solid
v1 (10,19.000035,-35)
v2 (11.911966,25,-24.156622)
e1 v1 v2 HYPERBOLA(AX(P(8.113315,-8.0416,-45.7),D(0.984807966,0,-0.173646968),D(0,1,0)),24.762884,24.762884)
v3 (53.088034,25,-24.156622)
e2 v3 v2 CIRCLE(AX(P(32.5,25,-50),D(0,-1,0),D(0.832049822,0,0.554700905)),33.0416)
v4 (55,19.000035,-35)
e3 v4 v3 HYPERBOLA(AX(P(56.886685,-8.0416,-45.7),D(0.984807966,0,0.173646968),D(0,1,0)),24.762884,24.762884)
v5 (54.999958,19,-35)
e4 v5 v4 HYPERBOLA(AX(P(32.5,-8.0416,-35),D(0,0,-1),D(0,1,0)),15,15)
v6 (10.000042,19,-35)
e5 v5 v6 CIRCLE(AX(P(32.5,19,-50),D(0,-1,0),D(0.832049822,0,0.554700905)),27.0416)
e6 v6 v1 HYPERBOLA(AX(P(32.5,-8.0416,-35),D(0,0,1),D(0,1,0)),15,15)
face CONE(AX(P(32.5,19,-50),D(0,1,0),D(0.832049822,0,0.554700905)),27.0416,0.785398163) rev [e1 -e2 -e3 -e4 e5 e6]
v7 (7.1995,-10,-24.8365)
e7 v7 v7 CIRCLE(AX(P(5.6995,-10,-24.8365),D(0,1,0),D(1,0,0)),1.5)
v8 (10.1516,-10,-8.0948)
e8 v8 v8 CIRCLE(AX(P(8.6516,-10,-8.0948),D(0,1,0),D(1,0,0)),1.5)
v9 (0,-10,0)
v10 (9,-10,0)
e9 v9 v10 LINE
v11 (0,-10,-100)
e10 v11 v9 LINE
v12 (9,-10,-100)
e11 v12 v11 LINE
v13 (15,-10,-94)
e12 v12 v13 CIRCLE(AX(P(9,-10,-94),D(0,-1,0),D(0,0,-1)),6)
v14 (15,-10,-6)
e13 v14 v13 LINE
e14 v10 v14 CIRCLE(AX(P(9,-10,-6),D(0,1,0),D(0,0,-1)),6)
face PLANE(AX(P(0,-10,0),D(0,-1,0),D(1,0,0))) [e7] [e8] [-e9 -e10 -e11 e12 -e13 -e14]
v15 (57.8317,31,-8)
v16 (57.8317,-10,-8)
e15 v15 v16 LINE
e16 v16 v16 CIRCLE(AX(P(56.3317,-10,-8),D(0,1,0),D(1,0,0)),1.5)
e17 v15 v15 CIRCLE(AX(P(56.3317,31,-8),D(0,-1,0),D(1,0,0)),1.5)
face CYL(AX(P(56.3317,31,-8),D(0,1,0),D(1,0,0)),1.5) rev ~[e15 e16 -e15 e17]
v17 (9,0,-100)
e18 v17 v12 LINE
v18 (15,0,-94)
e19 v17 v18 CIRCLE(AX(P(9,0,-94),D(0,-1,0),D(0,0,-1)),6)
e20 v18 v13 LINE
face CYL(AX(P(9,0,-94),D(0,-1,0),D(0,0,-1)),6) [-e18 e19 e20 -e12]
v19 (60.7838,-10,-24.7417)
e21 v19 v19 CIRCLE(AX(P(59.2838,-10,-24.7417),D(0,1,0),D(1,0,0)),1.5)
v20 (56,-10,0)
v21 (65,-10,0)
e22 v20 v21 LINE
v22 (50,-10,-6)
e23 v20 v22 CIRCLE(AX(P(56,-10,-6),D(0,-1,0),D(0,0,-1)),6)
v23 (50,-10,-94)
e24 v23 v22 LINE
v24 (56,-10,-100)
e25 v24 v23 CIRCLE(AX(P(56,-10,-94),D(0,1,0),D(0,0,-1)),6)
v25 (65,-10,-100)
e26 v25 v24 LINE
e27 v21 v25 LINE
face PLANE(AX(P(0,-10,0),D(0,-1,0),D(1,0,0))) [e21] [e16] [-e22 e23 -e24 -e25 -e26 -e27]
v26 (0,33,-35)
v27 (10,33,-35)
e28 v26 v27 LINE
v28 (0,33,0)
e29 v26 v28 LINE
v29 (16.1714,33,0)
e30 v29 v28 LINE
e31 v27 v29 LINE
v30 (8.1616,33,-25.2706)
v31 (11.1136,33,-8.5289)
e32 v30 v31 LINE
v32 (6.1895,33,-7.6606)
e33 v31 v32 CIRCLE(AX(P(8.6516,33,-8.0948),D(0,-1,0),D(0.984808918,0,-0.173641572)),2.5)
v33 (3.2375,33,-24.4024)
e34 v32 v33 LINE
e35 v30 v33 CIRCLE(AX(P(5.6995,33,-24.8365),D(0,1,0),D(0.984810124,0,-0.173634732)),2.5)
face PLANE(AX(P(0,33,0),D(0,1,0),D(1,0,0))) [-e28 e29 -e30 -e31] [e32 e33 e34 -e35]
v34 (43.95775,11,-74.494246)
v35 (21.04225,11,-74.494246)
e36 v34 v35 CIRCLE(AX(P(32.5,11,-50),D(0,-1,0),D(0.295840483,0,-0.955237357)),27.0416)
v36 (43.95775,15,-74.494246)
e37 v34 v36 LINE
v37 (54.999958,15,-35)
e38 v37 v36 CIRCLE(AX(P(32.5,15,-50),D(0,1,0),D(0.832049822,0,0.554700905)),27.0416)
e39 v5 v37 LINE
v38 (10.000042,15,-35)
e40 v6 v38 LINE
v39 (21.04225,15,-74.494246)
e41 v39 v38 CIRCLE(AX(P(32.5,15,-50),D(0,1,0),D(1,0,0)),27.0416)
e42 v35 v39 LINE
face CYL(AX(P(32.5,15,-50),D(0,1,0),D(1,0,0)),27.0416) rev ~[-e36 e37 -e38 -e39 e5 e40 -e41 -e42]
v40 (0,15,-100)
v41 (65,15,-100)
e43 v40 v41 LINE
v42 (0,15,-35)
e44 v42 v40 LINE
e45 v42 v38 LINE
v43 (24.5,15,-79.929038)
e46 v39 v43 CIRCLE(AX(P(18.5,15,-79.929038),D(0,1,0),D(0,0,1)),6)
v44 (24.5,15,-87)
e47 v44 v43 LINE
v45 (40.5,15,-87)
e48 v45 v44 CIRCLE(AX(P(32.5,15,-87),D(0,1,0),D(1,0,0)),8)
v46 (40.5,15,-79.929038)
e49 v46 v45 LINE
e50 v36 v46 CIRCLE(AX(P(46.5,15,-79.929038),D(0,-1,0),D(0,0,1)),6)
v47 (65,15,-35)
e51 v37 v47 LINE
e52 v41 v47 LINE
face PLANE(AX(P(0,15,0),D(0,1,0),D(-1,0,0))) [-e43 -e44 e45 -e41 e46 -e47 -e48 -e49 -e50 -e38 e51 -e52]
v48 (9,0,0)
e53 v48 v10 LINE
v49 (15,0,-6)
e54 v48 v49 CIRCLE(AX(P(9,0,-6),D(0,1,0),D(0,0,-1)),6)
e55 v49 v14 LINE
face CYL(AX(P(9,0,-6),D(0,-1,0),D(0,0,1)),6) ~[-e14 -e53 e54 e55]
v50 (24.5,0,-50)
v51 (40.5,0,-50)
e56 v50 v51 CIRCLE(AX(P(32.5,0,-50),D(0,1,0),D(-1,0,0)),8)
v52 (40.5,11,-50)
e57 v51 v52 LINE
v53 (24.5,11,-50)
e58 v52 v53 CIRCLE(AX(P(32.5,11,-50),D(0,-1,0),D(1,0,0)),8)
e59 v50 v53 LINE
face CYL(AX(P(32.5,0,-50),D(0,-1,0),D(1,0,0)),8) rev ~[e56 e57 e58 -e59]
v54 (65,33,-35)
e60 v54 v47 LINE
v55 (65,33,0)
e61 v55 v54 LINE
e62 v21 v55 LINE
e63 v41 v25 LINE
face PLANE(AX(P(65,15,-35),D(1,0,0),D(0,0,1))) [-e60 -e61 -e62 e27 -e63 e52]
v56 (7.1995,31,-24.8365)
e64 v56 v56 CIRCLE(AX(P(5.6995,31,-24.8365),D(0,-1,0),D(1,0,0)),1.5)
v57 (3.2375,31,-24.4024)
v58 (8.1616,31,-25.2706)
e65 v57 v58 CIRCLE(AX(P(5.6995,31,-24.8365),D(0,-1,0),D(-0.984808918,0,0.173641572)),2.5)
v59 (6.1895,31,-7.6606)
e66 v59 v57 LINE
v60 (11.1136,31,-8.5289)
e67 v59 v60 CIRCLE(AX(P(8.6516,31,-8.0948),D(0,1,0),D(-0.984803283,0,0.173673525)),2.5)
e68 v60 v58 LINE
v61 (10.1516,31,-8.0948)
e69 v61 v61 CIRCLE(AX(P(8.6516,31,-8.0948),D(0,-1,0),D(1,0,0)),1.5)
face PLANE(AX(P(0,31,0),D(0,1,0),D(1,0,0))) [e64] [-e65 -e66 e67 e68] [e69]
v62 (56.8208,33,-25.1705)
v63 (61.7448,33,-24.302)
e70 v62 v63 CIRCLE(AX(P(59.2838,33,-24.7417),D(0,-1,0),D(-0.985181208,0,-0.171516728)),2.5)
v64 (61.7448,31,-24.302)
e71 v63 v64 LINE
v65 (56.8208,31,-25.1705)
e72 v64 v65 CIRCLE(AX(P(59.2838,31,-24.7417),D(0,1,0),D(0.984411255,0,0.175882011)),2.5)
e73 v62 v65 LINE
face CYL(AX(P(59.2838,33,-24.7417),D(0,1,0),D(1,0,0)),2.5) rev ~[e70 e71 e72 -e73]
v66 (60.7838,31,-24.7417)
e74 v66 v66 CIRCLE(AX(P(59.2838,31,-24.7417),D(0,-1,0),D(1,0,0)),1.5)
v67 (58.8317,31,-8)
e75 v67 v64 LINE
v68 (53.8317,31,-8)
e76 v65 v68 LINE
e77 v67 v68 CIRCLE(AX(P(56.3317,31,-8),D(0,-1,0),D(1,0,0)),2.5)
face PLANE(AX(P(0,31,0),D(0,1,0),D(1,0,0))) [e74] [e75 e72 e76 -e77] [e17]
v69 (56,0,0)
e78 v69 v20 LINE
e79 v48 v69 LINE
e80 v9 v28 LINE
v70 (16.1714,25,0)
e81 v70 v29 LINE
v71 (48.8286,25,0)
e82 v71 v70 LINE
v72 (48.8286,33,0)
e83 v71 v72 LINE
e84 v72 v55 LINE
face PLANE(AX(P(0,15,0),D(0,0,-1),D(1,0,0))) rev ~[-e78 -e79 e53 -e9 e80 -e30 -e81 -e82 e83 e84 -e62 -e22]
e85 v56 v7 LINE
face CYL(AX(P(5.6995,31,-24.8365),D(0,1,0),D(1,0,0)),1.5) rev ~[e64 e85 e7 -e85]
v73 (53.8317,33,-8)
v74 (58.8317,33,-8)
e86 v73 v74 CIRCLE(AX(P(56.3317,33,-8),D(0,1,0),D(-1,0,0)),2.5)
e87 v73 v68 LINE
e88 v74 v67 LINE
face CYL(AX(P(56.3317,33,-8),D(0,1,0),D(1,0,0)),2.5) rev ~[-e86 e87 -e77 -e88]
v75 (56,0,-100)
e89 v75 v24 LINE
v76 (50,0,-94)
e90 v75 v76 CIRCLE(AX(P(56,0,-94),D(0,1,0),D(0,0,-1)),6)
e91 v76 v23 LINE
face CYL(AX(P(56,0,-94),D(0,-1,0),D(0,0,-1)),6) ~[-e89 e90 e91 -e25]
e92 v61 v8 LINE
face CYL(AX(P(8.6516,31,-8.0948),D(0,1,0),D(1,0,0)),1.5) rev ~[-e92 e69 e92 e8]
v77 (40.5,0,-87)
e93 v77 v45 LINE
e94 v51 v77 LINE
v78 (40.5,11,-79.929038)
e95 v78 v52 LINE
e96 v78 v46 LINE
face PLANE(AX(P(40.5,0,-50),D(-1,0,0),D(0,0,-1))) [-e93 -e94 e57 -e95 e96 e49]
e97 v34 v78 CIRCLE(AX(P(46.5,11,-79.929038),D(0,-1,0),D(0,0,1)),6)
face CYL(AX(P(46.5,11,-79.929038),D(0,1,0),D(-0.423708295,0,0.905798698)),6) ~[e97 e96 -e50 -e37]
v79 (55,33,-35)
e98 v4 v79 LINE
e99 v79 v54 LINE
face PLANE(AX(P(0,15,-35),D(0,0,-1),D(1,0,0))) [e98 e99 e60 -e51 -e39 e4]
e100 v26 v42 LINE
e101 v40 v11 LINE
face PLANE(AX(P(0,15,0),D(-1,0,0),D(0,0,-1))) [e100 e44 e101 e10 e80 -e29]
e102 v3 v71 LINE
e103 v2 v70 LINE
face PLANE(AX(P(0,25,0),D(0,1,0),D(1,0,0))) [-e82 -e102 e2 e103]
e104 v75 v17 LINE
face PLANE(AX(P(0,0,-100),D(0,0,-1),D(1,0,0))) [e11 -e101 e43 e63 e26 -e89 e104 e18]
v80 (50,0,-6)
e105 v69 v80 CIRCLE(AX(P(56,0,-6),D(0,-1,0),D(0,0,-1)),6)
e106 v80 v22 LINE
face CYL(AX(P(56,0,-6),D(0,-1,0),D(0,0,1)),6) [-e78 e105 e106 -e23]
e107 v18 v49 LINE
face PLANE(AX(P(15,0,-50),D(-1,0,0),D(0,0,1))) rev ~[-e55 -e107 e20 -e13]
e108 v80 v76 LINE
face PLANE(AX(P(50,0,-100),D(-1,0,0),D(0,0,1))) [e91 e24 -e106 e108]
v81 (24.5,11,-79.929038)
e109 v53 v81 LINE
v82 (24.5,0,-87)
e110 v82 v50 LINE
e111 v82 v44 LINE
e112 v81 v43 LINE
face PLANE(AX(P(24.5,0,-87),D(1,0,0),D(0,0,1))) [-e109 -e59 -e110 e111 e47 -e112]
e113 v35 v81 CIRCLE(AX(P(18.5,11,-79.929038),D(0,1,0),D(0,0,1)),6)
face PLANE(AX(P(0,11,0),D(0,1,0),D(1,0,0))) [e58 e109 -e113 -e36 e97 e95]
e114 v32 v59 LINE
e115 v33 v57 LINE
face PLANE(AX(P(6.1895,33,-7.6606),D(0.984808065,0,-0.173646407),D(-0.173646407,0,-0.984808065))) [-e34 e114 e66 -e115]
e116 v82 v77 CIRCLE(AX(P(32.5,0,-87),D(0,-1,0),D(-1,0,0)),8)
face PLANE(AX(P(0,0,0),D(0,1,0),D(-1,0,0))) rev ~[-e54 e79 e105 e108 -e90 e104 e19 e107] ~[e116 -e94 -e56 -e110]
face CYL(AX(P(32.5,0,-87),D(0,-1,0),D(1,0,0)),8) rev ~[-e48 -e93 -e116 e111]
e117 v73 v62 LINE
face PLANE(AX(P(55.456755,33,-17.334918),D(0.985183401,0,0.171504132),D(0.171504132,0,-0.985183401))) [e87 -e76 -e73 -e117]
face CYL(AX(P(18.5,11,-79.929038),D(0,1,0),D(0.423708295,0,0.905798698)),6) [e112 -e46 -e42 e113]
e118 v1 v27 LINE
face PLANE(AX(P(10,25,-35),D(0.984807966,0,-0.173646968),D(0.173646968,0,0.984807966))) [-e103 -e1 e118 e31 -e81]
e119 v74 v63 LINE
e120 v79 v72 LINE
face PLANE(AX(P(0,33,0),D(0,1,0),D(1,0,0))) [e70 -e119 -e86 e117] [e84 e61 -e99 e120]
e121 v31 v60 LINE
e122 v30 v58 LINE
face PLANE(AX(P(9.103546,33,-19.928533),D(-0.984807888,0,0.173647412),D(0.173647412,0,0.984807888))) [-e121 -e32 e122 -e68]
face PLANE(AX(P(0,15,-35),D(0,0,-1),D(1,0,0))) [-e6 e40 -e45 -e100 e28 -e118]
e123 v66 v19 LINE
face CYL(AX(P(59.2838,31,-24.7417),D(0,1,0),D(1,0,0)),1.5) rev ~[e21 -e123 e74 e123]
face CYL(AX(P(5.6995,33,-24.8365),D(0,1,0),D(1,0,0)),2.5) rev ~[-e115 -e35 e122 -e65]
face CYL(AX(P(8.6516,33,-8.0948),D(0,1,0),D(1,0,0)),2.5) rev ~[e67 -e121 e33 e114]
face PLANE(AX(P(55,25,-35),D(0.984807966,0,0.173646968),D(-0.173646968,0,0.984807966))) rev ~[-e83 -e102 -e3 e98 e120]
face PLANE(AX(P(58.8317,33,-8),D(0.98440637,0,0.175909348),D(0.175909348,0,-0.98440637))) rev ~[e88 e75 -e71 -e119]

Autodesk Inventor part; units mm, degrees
ref_plane "YZ Plane" through (0, 0, 0) normal (1, 0, 0) x (0, 1, 0)
ref_plane "XZ Plane" through (0, 0, 0) normal (0, 1, 0) x (-1, 0, 0)
ref_plane "XY Plane" through (0, 0, 0) normal (0, 0, 1) x (1, 0, 0)
sketch "Szkic1" plane through (0, 0, 0) normal (0, 1, 0) x (-1, 0, 0)
  line L0 (0, 0) -> (0, -100)
  line L1 (0, -100) -> (-65, -100)
  line L2 (-65, -100) -> (-65, 0)
  line L3 (-65, 0) -> (0, 0)
  dimension "d0" = 100
  dimension "d1" = 65
extrude "Wyciągnięcie proste1" add sketch "Szkic1" along normal blind 15
sketch "Szkic3" plane through (0, 0, 0) normal (0, -1, 0) x (1, 0, 0)
  line L0 (0, 0) -> (65, 0) projected
  line L1 (32.5, 0) -> (32.5, -100)
  line L2 (65, -100) -> (0, -100) projected
  line L3 (32.5, -50) -> (15, -50)
  line L4 (15, -50) -> (50, -50)
  line L5 (50, -50) -> (50, 0)
  line L6 (65, 0) -> (65, -100) projected
  line L7 (50, 0) -> (65, 0)
  line L8 (65, 0) -> (65, -100)
  line L9 (65, -100) -> (50, -100)
  line L10 (50, -100) -> (50, -50)
  line L11 (15, -50) -> (15, -100)
  line L12 (15, -100) -> (0, -100)
  line L13 (0, -100) -> (0, 0) projected
  line L14 (0, -100) -> (0, 0)
  line L15 (0, 0) -> (15, 0)
  line L16 (15, -50) -> (15, 0)
  dimension "d4" = 17.5
  dimension "d5" = 35
extrude "Wyciągnięcie proste2" add sketch "Szkic3" along normal blind 10 contours L0 L16 L11 L2 L13 | L0 L6 L2 L10 L5
fillet "Zaokrąglenie1" radius 6 4 edges at (15, -5, -100) (15, -5, 0) (50, -5, 0) (50, -5, -100)
sketch "Szkic4" plane through (0, 15, 0) normal (0, 1, 0) x (1, 0, 0)
  line L0 (0, 0) -> (0, 35)
  line L1 (0, 0) -> (0, 100) projected
  line L2 (0, 35) -> (65, 35)
  line L3 (65, 100) -> (65, 0) projected
  line L4 (0, 0) -> (65, 0) projected
  line L5 (65, 0) -> (65, 35)
  line L6 (0, 0) -> (65, 0)
  line L7 (9, 0) -> (56, 0) projected
  dimension "d9" = 35
extrude "Wyciągnięcie proste3" add sketch "Szkic4" along normal blind 10
sketch "Szkic5" plane through (0, 25, 0) normal (0, 1, 0) x (1, 0, 0)
  line L0 (0, 0) -> (32.5, 0)
  line L1 (9, 0) -> (56, 0) projected
  line L2 (32.5, 0) -> (32.5, 100)
  line L3 (56, 100) -> (9, 100) projected
  line L4 (0, 35) -> (65, 35) projected
  line L5 (32.5, 35) -> (10, 35)
  line L6 (10, 35) -> (55, 35)
  line L7 (55, 35) -> (55, 0)
  line L8 (10, 35) -> (10, 0)
  line L9 (10, 35) -> (16.1714, 0)
  line L10 (10, 35) -> (45.5399, 35) construction
  line L11 (55, 35) -> (48.8286, 0)
  line L12 (55, 35) -> (90.5399, 35) construction
  line L13 (65, 0) -> (65, 35) projected
  line L14 (55, 0) -> (65, 0)
  line L15 (65, 0) -> (65, 35)
  line L16 (55, 35) -> (65, 35)
  line L17 (10, 35) -> (0, 35)
  line L18 (0, 35) -> (0, 0) projected
  line L19 (0, 0) -> (10, 0)
  line L20 (9, 0) -> (0, 0) projected
  line L21 (0, 0) -> (0, 35)
  line L22 (0, 0) -> (0, 100) projected
  dimension "d12" = 22.5
  dimension "d13" = 45
  dimension "d14" = 80
  dimension "d15" = 100
extrude "Wyciągnięcie proste4" add sketch "Szkic5" along normal blind 8 contours L18 L4 L8 L0 | L8 L9 L0 | L4 L13 L14 L1 L7 | L7 L1 L11
sketch "Szkic6" plane through (0, 15, 0) normal (0, 1, 0) x (1, 0, 0)
  line L0 (56, 100) -> (9, 100) projected
  line L1 (32.5, 100) -> (32.5, 0)
  line L2 (32.5, 0) -> (32.5, 50)
  line L3 (32.5, 50) -> (0, 50)
  line L4 (0, 0) -> (0, 100) projected
  line L5 (32.5, 50) -> (65, 50)
  line L6 (65, 35) -> (65, 100) projected
  circle A0 centre (32.5, 50) radius 27.0416
  point P0 (10, 35)
extrude "Wyciągnięcie proste5" cut sketch "Szkic6" along normal blind 15 and the other way blind 4
chamfer "Faza1" distance 6 angle 45 1 edges at (32.5, 25, -22.9584)
sketch "Szkic7" plane through (0, 0, 0) normal (0, -1, 0) x (1, 0, 0)
  line L0 (16.1714, 0) -> (48.8286, 0) projected
  line L1 (32.5, 0) -> (32.5, -100)
  line L2 (65, -100) -> (0, -100) projected
  line L3 (32.5, -50) -> (0, -50)
  line L4 (0, -50) -> (0, -87)
  line L5 (0, -100) -> (0, -35) projected
  line L6 (0, -87) -> (32.5, -87)
  circle A0 centre (32.5, -50) radius 8
  circle A1 centre (32.5, -87) radius 8
  line L7 (40.5, -50) -> (40.5, -87)
  line L8 (24.5, -87) -> (24.5, -50)
  point P0 (0, 0)
  dimension "d25" = 37
  dimension "d26" = 16
  dimension "d27" = 16
extrude "Wyciągnięcie proste6" cut sketch "Szkic7" against normal blind 15 contours A0 L1 | L1 L3 A0 | L1 A0 L3 | L7 A1 L1 A0 | A0 L1 A1 L8 | A1 L1 | A1 L1 L6 | L6 L1 A1
fillet "Zaokrąglenie2" radius 6 2 edges at (24.5, 13, -75.8312) (40.5, 13, -75.8312)
sketch "Szkic8" plane through (0, 33, 0) normal (0, 1, 0) x (1, 0, 0)
  line L0 (55, 35) -> (48.8286, 0) projected
  line L1 (51.9929, 17.9457) -> (57.9017, 16.9038)
  line L2 (51.9929, 17.9457) -> (57.9929, 17.9457) construction
  line L3 (57.9017, 16.9038) -> (61.0926, 35)
  line L4 (65, 35) -> (55, 35) projected
  line L5 (57.9017, 16.9038) -> (54.9211, 0)
  line L6 (65, 0) -> (56, 0) projected
  line L7 (48.8286, 0) -> (65, 0) projected
  line L8 (50.9367, 0) -> (50.9367, 8)
  line L9 (50.9367, 0) -> (58.9367, 0) construction
  line L10 (50.9367, 8) -> (65, 8)
  line L11 (65, 0) -> (65, 35) projected
  circle A0 centre (56.3317, 8) radius 2.5
  line L12 (56.3317, 8) -> (59.2838, 24.7417)
  circle A1 centre (59.2838, 24.7417) radius 2.5
  line L13 (53.8317, 8) -> (56.8208, 25.1705)
  line L14 (58.8317, 8) -> (61.7448, 24.302)
  point P0 (0, 0)
  dimension "d31" = 6
  dimension "d32" = 10
  dimension "d33" = 8
  dimension "d34" = 90
  dimension "d35" = 5
  dimension "d36" = 17
  dimension "d37" = 5
extrude "Wyciągnięcie proste7" cut sketch "Szkic8" against normal blind 2 contours L13 A1 L3 L1 | L1 L5 A0 L13 | A1 L3 | L3 A1 | L3 A1 L14 A0 L5 | A0 L5 L10 L13 | A0 L10 L5 | L10 L5 A0 | A0 L5 L10
sketch "Szkic9" plane through (0, 33, 0) normal (0, 1, 0) x (1, 0, 0)
  line L0 (16.1714, 0) -> (10, 35) projected
  line L1 (12.5503, 20.5363) -> (6.6415, 19.4944)
  line L2 (12.5503, 20.5363) -> (18.5503, 20.5363) construction
  line L3 (6.6415, 19.4944) -> (3.9074, 35)
  line L4 (0, 35) -> (10, 35) projected
  line L5 (6.6415, 19.4944) -> (10.0622, 0.0948)
  line L6 (10.0622, 0.0948) -> (10.0622, 8.0948)
  line L7 (0, 35) -> (0, 0) projected
  line L8 (8.6516, 8.0948) -> (5.6995, 24.8365)
  circle A0 centre (8.6516, 8.0948) radius 2.5
  circle A1 centre (5.6995, 24.8365) radius 2.5
  line L9 (8.1616, 25.2706) -> (11.1136, 8.5289)
  line L10 (6.1895, 7.6606) -> (3.2375, 24.4024)
  dimension "d40" = 6
  dimension "d41" = 170
  dimension "d42" = 8
  dimension "d43" = 17
  dimension "d44" = 5
  dimension "d45" = 5
extrude "Wyciągnięcie proste8" cut sketch "Szkic9" against normal blind 2 contours L9 A0 L5 L1 | L1 L3 A1 L9 | L5 A0 L10 A1 L3 | A1 L3 | A0 L5 | L3 A1 | L5 A0
sketch "Szkic10" plane through (0, 31, 0) normal (0, 1, 0) x (1, 0, 0)
  arc A0 (8.1616, 25.2706) -> (3.2375, 24.4024) centre (5.6995, 24.8365) ccw projected
  arc A1 (6.1895, 7.6606) -> (11.1136, 8.5289) centre (8.6516, 8.0948) ccw projected
  line L0 (5.6995, 24.8365) -> (8.6516, 8.0948)
  circle A2 centre (8.6516, 8.0948) radius 1.5
  circle A3 centre (5.6995, 24.8365) radius 1.5
  arc A4 (53.8317, 8) -> (58.8317, 8) centre (56.3317, 8) ccw projected
  arc A5 (61.7448, 24.302) -> (56.8208, 25.1705) centre (59.2838, 24.7417) ccw projected
  line L1 (56.3317, 8) -> (59.2838, 24.7417)
  circle A6 centre (56.3317, 8) radius 1.5
  circle A7 centre (59.2838, 24.7417) radius 1.5
  point P0 (0, 0)
  dimension "d48" = 3
  dimension "d49" = 3
  dimension "d50" = 3
  dimension "d51" = 3
extrude "Wyciągnięcie proste9" cut sketch "Szkic10" against normal blind 41
